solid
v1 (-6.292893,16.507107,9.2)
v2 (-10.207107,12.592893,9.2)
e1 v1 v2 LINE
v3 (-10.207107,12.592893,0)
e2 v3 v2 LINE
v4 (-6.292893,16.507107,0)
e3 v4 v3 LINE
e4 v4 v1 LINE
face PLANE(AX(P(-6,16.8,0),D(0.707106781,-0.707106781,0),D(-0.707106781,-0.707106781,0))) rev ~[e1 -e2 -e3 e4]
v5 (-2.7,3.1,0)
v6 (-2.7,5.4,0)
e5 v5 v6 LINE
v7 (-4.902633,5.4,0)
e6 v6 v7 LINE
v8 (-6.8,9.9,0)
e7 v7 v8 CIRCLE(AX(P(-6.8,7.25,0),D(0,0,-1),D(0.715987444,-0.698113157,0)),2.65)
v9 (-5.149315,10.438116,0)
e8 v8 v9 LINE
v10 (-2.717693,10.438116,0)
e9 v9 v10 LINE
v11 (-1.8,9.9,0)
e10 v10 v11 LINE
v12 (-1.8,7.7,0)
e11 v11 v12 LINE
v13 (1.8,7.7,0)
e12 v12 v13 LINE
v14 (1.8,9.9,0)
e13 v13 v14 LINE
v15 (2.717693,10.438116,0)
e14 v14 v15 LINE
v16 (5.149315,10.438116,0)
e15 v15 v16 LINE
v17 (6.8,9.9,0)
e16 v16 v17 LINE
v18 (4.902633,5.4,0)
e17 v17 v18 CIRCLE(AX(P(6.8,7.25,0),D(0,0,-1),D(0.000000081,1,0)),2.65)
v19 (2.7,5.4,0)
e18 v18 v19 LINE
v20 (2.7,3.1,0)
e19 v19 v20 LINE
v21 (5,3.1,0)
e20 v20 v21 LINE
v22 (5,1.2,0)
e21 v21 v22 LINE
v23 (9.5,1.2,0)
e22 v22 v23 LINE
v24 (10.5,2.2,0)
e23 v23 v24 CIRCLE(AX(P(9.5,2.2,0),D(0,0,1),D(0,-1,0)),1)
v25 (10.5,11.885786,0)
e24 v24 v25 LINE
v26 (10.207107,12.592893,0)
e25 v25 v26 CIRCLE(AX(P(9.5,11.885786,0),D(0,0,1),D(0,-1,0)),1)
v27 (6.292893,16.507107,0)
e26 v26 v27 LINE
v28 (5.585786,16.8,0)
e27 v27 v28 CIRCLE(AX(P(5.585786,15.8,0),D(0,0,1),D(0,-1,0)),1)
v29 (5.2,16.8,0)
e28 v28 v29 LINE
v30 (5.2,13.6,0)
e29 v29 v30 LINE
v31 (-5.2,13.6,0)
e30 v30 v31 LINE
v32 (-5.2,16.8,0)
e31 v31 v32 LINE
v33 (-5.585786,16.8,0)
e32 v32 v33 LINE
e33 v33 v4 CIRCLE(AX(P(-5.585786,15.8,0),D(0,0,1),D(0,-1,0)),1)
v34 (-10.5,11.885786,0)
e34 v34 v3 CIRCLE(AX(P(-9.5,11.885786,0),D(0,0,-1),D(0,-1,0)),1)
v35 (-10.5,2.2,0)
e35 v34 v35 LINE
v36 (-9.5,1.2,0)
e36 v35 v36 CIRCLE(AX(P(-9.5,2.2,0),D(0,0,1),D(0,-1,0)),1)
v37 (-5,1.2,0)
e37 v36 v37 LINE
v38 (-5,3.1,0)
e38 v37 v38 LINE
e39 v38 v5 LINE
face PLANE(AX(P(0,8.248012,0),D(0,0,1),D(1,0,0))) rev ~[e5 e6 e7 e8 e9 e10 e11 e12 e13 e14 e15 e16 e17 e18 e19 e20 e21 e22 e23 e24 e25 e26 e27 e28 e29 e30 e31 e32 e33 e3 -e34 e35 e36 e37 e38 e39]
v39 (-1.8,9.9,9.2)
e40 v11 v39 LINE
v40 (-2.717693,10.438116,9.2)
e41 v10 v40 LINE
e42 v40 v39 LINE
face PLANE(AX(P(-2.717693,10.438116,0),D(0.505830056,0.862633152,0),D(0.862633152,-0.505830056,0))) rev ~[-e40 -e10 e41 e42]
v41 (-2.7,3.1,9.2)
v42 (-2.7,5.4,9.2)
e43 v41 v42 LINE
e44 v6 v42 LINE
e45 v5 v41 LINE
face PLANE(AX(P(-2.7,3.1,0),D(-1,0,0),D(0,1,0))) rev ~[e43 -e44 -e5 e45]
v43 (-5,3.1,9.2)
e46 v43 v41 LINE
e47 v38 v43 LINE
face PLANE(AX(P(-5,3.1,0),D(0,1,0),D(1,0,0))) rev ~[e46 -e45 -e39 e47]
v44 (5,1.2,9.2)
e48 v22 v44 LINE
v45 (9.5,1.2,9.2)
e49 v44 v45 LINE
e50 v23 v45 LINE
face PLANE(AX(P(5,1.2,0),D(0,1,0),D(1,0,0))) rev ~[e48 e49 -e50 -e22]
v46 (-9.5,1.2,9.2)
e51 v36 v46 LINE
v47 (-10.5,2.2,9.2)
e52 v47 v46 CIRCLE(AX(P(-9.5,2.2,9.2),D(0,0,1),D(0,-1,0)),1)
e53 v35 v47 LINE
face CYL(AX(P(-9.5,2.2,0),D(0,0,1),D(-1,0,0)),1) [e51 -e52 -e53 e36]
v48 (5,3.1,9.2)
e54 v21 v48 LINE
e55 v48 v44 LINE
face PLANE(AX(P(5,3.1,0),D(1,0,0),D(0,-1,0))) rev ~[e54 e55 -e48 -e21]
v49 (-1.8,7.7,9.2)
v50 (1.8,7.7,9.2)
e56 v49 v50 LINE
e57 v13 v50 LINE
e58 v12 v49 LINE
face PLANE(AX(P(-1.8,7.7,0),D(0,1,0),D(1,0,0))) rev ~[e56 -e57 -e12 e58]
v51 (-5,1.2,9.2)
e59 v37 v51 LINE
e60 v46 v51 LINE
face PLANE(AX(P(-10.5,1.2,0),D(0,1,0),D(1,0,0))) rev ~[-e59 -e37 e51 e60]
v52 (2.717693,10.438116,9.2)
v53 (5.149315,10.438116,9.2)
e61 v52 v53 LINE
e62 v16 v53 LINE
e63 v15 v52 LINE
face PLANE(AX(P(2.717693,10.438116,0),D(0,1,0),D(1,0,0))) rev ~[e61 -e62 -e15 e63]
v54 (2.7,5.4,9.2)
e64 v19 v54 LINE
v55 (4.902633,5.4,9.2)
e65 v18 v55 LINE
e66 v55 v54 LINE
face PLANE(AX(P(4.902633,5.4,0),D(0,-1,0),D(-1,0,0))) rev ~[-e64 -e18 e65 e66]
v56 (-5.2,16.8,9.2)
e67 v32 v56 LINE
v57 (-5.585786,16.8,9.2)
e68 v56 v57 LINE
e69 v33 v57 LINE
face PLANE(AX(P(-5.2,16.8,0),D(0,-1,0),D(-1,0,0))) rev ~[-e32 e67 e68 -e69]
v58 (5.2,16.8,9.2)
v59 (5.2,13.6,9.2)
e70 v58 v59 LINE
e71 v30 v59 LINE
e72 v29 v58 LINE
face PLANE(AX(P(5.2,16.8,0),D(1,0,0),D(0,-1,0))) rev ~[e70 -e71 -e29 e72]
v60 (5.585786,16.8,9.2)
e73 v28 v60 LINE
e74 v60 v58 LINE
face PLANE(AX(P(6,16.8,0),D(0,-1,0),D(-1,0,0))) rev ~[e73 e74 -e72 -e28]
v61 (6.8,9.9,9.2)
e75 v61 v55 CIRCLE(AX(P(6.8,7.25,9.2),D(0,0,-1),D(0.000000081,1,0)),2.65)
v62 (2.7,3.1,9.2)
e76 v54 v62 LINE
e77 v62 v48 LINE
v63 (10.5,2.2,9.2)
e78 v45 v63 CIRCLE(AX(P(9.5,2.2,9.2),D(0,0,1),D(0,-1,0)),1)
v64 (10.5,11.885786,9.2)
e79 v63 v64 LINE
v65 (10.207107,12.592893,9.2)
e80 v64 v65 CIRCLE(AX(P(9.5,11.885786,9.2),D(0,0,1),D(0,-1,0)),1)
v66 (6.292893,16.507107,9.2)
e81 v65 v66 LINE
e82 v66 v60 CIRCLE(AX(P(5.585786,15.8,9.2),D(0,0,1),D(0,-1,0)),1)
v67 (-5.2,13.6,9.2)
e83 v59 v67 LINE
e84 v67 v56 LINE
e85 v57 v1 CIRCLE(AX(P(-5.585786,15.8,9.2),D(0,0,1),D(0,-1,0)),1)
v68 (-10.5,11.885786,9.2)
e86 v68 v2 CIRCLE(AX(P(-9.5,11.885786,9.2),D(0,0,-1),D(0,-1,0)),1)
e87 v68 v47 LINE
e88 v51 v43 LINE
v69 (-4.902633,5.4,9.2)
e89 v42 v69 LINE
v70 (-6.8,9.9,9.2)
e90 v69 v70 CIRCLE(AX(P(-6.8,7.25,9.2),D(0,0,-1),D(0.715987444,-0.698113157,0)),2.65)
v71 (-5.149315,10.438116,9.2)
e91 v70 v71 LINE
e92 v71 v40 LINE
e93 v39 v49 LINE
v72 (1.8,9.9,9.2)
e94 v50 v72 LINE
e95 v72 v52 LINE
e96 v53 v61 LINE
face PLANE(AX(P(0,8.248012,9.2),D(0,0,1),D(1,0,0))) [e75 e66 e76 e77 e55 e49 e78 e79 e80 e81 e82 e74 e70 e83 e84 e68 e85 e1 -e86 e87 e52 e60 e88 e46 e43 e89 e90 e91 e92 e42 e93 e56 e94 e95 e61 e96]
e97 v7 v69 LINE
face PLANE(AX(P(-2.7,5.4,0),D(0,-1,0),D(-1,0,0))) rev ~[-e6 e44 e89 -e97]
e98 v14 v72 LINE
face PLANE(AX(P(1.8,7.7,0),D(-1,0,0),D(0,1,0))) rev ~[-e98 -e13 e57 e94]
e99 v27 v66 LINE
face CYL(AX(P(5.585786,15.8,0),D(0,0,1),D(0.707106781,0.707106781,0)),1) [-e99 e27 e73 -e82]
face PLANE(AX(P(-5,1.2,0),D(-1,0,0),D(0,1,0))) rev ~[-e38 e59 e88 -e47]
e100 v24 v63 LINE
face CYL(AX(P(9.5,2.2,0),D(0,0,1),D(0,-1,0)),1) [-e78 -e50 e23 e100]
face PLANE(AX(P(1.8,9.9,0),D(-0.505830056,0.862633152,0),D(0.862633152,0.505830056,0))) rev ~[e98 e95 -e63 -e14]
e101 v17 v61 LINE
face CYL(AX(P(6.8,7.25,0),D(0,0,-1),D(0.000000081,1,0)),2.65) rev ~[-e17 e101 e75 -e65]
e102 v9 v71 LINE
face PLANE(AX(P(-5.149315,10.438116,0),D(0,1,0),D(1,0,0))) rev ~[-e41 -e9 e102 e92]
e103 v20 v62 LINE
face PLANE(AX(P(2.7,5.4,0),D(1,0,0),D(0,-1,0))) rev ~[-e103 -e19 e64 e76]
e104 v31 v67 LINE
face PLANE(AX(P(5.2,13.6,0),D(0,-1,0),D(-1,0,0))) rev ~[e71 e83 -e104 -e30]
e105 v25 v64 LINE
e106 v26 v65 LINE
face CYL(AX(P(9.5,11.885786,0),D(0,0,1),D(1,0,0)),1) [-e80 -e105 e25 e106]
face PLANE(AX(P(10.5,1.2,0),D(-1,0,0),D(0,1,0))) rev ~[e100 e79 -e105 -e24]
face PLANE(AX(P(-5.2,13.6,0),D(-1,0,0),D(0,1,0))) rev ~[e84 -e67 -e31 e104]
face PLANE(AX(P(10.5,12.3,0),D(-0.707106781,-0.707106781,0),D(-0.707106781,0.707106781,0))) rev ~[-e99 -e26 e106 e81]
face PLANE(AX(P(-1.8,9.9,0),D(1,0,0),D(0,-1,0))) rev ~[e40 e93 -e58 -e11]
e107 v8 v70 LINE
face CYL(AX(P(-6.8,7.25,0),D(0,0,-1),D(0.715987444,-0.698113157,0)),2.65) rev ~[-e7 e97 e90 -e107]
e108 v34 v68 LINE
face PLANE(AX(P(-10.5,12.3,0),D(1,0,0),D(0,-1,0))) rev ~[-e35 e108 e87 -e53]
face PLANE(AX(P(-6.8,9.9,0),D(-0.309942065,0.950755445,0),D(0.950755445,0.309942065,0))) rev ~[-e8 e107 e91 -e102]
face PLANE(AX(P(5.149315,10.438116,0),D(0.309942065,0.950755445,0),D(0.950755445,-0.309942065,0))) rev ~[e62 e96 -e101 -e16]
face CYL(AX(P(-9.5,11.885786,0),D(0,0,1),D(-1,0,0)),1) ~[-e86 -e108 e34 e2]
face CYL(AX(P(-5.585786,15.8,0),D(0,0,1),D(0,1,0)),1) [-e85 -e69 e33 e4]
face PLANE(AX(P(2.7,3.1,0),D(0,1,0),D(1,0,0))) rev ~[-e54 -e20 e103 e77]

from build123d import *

# Parameters (mm, degrees)
F1_DEPTH = 9.2
F2_R     = 1


with BuildPart() as f1:
    # F0 (on Top) → F1 (new body)
    with BuildSketch(Plane.XY):
        with BuildLine():
            Line((-10.5, 12.3), (-10.5, 1.2))
            Line((-10.5, 1.2), (-5, 1.2))
            Line((-5, 1.2), (-5, 3.1))
            Line((-5, 3.1), (-2.7, 3.1))
            Line((-2.7, 3.1), (-2.7, 5.4))
            Line((-2.7, 5.4), (-4.902633, 5.4))
            ThreePointArc((-4.902633, 5.4), (-9.241823, 6.220437), (-6.8, 9.9))
            Line((-6.8, 9.9), (-5.149315, 10.438116))
            Line((-5.149315, 10.438116), (-2.717693, 10.438116))
            Line((-2.717693, 10.438116), (-1.8, 9.9))
            Line((-1.8, 9.9), (-1.8, 7.7))
            Line((-1.8, 7.7), (0, 7.7))
            Line((0, 7.7), (1.8, 7.7))
            Line((1.8, 7.7), (1.8, 9.9))
            Line((1.8, 9.9), (2.717693, 10.438116))
            Line((2.717693, 10.438116), (5.149315, 10.438116))
            Line((5.149315, 10.438116), (6.8, 9.9))
            ThreePointArc((6.8, 9.9), (9.241823, 6.220437), (4.902633, 5.4))
            Line((4.902633, 5.4), (2.7, 5.4))
            Line((2.7, 5.4), (2.7, 3.1))
            Line((2.7, 3.1), (5, 3.1))
            Line((5, 3.1), (5, 1.2))
            Line((5, 1.2), (10.5, 1.2))
            Line((10.5, 1.2), (10.5, 12.3))
            Line((10.5, 12.3), (6, 16.8))
            Line((6, 16.8), (5.2, 16.8))
            Line((5.2, 16.8), (5.2, 13.6))
            Line((5.2, 13.6), (0, 13.6))
            Line((0, 13.6), (-5.2, 13.6))
            Line((-5.2, 13.6), (-5.2, 16.8))
            Line((-5.2, 16.8), (-6, 16.8))
            Line((-6, 16.8), (-10.5, 12.3))
        make_face()
    extrude(amount=F1_DEPTH)

    # F2
    f2_edges = [f1.edges().sort_by_distance(p)[0] for p in [
        (-10.5, 1.2, 4.6),
        (10.5, 1.2, 4.6),
        (10.5, 12.3, 4.6),
        (6, 16.8, 4.6),
        (-6, 16.8, 4.6),
        (-10.5, 12.3, 4.6),
    ]]
    fillet(f2_edges, radius=F2_R)


solid = f1.part
